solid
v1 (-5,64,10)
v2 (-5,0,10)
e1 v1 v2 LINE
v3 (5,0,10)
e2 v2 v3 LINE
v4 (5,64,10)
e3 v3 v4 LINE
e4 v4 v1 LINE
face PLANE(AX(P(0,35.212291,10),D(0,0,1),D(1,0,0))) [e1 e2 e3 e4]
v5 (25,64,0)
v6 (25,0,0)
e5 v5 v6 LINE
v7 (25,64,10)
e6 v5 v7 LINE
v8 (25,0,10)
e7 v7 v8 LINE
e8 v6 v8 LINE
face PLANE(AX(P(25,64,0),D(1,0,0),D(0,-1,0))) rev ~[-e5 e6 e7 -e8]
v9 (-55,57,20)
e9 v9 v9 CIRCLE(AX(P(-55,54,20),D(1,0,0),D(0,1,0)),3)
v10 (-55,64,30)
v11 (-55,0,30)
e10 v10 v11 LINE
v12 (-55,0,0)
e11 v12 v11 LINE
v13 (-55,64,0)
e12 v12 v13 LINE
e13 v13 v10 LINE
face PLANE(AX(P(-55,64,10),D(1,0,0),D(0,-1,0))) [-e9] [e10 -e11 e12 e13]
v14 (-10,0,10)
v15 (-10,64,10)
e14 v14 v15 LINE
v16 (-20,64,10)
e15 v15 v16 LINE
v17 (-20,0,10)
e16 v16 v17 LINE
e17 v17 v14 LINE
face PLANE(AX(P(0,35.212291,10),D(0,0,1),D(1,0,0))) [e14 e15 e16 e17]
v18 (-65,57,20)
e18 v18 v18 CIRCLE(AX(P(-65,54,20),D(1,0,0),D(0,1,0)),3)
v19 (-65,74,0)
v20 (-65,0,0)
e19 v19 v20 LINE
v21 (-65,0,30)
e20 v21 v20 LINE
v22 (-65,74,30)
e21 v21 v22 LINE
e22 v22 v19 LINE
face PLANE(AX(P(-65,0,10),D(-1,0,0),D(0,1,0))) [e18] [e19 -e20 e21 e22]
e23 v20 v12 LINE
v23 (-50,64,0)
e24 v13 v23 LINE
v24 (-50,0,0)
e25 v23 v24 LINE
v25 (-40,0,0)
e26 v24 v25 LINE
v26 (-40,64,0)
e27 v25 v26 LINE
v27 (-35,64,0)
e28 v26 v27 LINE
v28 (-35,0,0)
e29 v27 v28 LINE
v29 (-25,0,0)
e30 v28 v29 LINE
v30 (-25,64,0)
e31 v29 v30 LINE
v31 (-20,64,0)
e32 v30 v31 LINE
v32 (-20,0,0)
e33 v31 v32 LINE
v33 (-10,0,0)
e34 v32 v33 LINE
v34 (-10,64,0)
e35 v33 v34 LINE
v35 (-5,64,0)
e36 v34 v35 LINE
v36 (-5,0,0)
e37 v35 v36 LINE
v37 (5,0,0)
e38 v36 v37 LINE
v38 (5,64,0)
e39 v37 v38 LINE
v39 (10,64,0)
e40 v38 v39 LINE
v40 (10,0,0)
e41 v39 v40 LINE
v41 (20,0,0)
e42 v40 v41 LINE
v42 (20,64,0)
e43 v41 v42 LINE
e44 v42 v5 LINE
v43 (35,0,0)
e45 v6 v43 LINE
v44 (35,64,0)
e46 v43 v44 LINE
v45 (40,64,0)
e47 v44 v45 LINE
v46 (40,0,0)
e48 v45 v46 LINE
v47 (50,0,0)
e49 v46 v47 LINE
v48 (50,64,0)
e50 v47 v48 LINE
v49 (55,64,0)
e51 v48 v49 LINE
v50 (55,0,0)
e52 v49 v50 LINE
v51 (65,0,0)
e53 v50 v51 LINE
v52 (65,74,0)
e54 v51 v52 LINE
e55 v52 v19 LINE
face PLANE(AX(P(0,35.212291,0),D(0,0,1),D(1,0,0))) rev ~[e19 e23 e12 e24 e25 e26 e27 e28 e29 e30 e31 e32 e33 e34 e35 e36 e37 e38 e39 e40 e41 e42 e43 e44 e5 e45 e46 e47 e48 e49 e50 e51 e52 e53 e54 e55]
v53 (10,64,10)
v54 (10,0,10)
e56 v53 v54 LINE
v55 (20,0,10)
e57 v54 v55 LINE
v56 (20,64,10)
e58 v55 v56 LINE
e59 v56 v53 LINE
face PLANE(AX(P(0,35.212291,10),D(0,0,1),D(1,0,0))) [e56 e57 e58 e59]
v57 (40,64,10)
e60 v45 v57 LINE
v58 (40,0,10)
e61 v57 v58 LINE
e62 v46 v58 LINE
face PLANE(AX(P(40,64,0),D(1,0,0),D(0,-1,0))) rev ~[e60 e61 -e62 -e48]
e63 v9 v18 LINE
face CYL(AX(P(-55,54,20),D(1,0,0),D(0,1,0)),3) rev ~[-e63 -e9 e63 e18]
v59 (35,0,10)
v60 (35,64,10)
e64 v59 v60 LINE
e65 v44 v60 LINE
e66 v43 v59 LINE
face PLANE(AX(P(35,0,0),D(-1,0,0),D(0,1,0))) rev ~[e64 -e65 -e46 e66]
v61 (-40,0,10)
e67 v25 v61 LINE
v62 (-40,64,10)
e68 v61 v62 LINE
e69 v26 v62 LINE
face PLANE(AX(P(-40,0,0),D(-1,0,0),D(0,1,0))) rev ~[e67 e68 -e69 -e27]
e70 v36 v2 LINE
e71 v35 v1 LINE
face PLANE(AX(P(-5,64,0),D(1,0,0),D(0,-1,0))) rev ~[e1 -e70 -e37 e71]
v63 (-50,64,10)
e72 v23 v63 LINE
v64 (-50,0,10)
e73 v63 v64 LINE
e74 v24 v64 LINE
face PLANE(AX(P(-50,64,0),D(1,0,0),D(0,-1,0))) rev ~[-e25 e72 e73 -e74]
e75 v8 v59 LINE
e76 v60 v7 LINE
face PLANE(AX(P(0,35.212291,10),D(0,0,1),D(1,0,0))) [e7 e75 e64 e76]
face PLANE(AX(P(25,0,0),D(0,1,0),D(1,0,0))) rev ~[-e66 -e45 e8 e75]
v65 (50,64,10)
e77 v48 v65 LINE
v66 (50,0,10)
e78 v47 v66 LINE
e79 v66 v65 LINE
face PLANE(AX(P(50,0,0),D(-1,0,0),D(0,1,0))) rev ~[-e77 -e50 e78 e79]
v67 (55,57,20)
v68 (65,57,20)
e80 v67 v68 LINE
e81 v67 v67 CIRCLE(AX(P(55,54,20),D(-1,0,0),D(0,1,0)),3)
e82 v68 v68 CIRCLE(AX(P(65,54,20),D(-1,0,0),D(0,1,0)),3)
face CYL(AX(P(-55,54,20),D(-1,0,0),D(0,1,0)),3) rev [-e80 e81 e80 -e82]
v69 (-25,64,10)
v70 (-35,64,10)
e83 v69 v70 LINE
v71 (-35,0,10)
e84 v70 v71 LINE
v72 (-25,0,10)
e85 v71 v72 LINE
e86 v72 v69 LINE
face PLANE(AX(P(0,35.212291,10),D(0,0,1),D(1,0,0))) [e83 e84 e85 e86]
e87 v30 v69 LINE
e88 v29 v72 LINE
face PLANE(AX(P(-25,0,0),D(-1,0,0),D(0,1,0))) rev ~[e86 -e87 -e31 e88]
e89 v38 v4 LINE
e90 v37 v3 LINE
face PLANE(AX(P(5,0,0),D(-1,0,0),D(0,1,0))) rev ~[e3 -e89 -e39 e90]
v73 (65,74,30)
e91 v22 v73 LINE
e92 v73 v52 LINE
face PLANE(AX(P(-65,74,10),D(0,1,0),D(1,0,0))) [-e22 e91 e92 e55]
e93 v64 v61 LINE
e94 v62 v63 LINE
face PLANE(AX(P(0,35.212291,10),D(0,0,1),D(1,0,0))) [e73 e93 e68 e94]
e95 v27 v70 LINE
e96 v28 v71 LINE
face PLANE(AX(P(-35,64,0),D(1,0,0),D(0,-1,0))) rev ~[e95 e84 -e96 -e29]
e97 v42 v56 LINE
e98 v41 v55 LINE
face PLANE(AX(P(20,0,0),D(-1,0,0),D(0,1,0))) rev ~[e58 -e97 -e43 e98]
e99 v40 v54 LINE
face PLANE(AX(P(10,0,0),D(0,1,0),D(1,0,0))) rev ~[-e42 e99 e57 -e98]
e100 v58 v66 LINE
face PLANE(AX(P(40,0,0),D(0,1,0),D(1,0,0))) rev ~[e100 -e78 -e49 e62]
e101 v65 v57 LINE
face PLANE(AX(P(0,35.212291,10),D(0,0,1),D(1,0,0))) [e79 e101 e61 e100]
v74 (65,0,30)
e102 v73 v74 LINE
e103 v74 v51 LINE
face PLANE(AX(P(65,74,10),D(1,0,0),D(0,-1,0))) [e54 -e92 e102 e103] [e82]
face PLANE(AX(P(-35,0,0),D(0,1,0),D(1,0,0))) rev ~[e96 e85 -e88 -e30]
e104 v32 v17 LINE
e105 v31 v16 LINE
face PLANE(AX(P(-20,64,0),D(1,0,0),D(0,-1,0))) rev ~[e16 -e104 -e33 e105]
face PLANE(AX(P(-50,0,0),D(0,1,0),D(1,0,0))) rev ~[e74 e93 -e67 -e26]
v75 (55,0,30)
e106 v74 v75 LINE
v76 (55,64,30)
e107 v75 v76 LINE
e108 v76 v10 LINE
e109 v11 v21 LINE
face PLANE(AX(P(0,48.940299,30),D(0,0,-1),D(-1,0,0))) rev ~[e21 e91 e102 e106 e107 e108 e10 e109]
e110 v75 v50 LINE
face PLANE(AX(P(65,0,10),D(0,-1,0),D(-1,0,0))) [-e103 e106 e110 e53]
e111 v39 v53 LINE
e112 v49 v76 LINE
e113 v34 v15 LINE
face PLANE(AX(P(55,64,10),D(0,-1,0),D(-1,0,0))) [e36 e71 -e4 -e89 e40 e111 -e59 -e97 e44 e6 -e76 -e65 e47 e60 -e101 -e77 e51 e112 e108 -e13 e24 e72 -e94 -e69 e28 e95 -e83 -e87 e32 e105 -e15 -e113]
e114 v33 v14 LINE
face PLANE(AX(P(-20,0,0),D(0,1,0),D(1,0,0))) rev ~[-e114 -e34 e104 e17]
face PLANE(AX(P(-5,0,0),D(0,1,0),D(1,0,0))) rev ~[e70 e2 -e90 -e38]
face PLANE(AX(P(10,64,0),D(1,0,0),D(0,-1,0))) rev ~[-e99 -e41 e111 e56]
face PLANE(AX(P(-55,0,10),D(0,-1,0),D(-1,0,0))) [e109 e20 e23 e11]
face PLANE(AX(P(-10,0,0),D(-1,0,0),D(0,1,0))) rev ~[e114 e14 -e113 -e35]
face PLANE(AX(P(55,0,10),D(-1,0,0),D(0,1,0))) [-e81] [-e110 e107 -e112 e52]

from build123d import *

# Parameters (mm, degrees)
PAD_DEPTH         = 10
PAD001_DEPTH      = 20
SKETCH002_R       = 3
POCKET_DEPTH      = 10.001
POCKET_DEPTH_BACK = -120.001


with BuildPart() as part:
    # Sketch → Pad (new body)
    with BuildSketch(Plane.XY):
        Polygon((-65, 0), (-55, 0), (-55, 64), (-50, 64), (-50, 0), (-40, 0), (-40, 64), (-35, 64), (-35, 0), (-25, 0), (-25, 64), (-20, 64), (-20, 0), (-10, 0), (-10, 64), (-5, 64), (-5, 0), (5, 0), (5, 64), (10, 64), (10, 0), (20, 0), (20, 64), (25, 64), (25, 0), (35, 0), (35, 64), (40, 64), (40, 0), (50, 0), (50, 64), (55, 64), (55, 0), (65, 0), (65, 74), (-65, 74), align=None)
    extrude(amount=PAD_DEPTH)

    # Sketch001 (on Face38 of Pad) → Pad001 (join)
    with BuildSketch(Plane.XY.offset(10)):
        Polygon((-55, 0), (-65, 0), (-65, 74), (65, 74), (65, 0), (55, 0), (55, 64), (-55, 64), align=None)
    extrude(amount=PAD001_DEPTH)

    # Sketch002 (on Face34 of Pad001) → Pocket (cut, two sides)
    with BuildSketch(Plane.YZ.offset(-55)) as pocket_sk:
        with Locations((54, 20)):
            Circle(SKETCH002_R)
    extrude(amount=-POCKET_DEPTH, mode=Mode.SUBTRACT)
    extrude(pocket_sk.sketch, amount=-POCKET_DEPTH_BACK, mode=Mode.SUBTRACT)


solid = part.part
